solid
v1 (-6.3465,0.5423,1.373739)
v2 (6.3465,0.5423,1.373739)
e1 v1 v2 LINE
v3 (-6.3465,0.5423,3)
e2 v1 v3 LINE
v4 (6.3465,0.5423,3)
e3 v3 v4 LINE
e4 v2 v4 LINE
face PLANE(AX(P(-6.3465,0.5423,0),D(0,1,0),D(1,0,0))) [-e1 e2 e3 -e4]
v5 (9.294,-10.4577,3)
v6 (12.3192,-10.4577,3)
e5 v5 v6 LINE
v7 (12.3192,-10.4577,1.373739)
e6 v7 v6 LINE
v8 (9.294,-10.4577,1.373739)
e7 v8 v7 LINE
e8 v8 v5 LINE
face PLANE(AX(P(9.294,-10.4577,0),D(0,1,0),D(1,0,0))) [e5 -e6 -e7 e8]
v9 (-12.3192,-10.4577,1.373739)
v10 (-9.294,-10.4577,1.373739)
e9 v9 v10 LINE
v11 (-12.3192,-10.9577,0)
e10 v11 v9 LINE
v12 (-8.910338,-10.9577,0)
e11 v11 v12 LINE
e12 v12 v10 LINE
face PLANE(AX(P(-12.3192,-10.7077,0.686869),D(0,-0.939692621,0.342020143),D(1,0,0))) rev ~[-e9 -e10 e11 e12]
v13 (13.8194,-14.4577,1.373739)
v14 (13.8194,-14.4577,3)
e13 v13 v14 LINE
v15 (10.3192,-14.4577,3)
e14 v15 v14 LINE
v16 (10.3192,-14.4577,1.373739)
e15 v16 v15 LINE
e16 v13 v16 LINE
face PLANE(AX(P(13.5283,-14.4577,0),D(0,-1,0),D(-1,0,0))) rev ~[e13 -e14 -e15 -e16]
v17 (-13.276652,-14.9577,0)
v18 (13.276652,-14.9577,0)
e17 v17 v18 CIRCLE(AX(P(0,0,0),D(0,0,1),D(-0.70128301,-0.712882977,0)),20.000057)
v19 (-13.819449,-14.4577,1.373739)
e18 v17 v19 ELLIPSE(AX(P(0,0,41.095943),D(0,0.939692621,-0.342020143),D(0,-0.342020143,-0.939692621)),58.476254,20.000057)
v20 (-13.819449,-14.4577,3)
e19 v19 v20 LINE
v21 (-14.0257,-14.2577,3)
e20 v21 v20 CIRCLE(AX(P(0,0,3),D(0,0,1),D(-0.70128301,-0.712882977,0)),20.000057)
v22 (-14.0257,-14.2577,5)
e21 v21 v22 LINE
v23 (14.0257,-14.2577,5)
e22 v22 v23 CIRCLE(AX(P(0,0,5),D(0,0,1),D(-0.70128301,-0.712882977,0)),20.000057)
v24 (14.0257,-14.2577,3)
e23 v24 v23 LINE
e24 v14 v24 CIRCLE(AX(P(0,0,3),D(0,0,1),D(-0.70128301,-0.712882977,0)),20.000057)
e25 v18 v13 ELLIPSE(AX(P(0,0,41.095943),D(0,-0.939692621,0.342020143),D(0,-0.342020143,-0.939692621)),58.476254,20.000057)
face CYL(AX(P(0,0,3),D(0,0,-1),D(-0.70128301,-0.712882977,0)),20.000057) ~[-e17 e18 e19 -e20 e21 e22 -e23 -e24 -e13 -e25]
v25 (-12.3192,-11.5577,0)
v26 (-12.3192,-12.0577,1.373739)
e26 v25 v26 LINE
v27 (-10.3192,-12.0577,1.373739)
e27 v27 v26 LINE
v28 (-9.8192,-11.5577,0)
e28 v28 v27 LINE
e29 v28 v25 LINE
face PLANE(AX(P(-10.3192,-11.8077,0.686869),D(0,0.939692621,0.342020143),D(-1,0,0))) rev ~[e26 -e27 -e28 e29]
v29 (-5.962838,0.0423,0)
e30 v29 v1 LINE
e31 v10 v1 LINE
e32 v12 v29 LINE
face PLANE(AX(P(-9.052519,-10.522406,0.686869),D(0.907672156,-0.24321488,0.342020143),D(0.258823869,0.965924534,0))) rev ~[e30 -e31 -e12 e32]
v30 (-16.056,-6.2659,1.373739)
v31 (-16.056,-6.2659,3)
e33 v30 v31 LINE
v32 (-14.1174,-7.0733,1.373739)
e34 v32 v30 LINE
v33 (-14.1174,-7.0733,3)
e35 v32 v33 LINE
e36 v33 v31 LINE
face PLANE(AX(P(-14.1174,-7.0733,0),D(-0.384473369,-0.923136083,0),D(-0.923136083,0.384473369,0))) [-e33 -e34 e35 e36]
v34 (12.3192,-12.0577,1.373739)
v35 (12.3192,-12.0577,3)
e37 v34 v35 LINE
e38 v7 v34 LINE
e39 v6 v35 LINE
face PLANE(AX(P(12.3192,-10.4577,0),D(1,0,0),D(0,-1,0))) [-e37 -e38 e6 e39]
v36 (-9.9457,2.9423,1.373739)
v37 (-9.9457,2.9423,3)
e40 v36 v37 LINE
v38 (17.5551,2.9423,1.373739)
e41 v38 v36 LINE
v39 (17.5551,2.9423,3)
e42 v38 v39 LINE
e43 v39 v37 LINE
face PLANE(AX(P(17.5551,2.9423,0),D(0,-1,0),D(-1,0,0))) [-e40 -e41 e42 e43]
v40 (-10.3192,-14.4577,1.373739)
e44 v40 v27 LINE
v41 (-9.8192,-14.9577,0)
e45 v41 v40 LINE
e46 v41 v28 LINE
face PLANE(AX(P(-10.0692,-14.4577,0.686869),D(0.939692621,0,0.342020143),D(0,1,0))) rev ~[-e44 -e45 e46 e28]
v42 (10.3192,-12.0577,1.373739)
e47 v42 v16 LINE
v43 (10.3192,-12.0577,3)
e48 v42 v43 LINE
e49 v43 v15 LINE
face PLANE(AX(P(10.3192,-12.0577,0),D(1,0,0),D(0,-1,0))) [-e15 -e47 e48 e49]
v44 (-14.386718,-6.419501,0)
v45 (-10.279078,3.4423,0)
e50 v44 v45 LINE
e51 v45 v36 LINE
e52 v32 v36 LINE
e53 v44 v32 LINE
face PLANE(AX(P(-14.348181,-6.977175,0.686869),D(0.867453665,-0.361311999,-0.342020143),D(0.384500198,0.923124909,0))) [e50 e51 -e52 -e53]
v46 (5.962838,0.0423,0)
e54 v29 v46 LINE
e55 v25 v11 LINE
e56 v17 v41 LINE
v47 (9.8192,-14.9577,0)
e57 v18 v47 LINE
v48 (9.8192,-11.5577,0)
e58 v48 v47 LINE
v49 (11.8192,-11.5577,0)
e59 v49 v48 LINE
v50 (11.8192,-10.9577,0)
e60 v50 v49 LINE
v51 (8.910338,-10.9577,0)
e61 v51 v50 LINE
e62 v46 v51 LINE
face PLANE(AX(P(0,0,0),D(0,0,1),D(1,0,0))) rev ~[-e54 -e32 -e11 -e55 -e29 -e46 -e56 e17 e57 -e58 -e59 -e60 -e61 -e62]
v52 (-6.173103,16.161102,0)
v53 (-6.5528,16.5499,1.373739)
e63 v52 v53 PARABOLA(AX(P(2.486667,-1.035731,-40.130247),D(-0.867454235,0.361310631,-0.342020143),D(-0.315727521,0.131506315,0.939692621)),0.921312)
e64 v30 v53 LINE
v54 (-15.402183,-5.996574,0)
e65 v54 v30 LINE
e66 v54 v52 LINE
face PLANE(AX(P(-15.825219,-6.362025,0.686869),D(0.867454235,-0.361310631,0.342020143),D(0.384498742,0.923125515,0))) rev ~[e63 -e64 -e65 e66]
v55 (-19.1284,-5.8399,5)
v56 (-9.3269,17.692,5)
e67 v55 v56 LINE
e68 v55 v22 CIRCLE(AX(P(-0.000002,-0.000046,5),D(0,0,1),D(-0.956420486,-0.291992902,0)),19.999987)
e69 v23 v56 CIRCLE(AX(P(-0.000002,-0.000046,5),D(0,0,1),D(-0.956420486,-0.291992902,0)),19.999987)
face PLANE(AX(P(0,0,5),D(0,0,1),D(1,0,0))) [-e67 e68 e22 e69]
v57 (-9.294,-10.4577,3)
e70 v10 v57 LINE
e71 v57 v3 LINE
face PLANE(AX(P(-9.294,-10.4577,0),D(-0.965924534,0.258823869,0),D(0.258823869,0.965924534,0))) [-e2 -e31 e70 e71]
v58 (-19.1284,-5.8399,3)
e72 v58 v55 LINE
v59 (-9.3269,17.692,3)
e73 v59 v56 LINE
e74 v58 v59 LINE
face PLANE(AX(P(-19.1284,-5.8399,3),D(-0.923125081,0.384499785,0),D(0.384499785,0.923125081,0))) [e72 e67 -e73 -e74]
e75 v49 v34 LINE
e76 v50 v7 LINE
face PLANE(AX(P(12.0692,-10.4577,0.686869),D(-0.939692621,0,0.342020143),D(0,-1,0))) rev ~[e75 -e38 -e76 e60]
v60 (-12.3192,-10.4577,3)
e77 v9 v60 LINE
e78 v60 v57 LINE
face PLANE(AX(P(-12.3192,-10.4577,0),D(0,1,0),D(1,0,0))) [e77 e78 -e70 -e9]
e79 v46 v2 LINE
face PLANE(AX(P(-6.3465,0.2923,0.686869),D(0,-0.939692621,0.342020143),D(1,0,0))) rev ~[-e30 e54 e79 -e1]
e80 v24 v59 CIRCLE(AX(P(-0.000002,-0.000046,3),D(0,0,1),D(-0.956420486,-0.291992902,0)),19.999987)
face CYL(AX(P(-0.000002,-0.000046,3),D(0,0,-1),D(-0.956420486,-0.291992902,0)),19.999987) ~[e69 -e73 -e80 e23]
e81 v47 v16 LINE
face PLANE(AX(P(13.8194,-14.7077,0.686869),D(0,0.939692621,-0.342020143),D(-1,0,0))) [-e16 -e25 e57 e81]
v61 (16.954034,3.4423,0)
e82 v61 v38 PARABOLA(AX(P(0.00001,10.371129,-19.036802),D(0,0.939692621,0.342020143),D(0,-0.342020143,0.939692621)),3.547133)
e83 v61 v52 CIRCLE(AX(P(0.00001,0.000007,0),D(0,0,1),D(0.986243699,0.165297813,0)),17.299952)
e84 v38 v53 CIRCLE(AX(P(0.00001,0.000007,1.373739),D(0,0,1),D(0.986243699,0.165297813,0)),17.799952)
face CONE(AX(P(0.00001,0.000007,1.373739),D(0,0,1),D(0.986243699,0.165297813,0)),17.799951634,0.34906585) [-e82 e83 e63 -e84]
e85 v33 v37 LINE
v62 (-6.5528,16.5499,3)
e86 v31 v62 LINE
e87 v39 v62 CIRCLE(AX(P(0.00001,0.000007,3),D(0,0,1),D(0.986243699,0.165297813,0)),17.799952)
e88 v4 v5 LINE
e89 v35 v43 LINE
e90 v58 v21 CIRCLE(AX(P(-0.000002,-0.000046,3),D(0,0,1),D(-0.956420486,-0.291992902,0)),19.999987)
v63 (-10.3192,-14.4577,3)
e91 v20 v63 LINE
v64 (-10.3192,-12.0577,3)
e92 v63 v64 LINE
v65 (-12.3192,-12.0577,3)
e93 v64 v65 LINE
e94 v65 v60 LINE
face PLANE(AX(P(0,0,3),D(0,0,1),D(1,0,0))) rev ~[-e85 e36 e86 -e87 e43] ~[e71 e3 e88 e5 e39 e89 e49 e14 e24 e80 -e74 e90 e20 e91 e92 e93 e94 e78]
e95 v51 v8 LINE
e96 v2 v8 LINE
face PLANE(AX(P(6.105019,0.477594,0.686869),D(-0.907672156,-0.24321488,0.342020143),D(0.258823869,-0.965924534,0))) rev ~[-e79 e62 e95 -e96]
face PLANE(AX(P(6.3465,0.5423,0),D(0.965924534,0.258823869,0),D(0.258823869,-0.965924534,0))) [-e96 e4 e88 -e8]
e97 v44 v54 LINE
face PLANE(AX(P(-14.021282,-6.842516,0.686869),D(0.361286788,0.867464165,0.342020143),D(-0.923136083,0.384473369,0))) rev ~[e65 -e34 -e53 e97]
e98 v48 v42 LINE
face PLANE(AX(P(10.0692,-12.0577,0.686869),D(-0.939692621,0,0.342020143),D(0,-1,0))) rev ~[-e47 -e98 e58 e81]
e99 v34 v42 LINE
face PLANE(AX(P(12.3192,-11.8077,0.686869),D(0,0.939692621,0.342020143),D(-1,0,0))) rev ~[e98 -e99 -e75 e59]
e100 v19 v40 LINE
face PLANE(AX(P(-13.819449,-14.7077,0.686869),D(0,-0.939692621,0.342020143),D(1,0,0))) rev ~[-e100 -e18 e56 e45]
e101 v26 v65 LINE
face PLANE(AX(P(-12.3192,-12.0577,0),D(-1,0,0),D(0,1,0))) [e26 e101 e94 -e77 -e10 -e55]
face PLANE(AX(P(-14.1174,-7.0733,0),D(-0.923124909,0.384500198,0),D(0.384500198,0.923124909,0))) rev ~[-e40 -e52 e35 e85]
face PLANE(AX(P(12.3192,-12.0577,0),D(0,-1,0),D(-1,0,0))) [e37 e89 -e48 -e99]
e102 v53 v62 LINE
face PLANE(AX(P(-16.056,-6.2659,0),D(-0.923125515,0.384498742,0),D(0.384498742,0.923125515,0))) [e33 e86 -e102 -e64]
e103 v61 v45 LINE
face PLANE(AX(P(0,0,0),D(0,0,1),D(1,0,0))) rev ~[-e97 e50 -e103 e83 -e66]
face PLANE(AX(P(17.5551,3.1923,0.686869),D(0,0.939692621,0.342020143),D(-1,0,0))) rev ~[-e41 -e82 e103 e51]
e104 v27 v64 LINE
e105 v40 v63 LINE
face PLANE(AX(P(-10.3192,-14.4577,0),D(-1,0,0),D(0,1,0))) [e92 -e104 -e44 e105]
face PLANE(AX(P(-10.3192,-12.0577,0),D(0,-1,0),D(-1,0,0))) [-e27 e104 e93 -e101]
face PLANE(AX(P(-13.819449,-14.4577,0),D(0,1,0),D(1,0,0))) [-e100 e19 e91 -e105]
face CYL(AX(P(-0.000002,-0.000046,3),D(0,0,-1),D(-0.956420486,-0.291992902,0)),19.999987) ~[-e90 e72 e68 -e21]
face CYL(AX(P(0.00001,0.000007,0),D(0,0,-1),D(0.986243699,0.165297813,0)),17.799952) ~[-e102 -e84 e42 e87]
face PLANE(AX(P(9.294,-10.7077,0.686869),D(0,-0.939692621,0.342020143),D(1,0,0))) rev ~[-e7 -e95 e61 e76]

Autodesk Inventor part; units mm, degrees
ref_plane "YZ Plane" through (0, 0, 0) normal (1, 0, 0) x (0, 1, 0)
ref_plane "XZ Plane" through (0, 0, 0) normal (0, 1, 0) x (-1, 0, 0)
ref_plane "XY Plane" through (0, 0, 0) normal (0, 0, 1) x (1, 0, 0)
sketch "Эскиз1" plane through (0, 0, 0) normal (0, 0, 1) x (1, 0, 0)
  line L0 (-14.0097, -7.3348) -> (-16.3175, -6.3736)
  line L1 (-16.3175, -6.3736) -> (-14.0097, -7.3348)
  line L2 (17.7899, 2.7423) -> (-9.8124, 2.7423)
  line L3 (-14.0097, -7.3348) -> (-9.8124, 2.7423)
  line L4 (-9.8124, 2.7423) -> (17.7899, 2.7423)
  line L5 (-16.3175, -6.3736) -> (-6.7051, 16.7046)
  line L6 (-16.3175, -6.3736) -> (-6.7051, 16.7046)
  line L7 (-14.0257, -14.2577) -> (-10.5192, -14.2577)
  line L8 (-14.0257, -14.2577) -> (-10.5192, -14.2577)
  line L9 (-10.5192, -14.2577) -> (-10.5192, -12.2577)
  line L10 (-10.5192, -14.2577) -> (-10.5192, -12.2577)
  line L11 (-10.5192, -12.2577) -> (-12.5192, -12.2577)
  line L12 (-10.5192, -12.2577) -> (-12.5192, -12.2577)
  line L13 (-12.5192, -12.2577) -> (-12.5192, -10.2577)
  line L14 (-12.5192, -12.2577) -> (-12.5192, -10.2577)
  line L15 (-12.5192, -10.2577) -> (-9.4474, -10.2577)
  line L16 (-12.5192, -10.2577) -> (-9.4474, -10.2577)
  line L17 (-9.4474, -10.2577) -> (-6.5, 0.7423)
  line L18 (-9.4474, -10.2577) -> (-6.5, 0.7423)
  line L19 (-6.5, 0.7423) -> (6.5, 0.7423)
  line L20 (-6.5, 0.7423) -> (6.5, 0.7423)
  line L21 (9.4474, -10.2577) -> (12.5192, -10.2577)
  line L22 (6.5, 0.7423) -> (9.4474, -10.2577)
  line L23 (9.4474, -10.2577) -> (12.5192, -10.2577)
  line L24 (12.5192, -10.2577) -> (12.5192, -12.2577)
  line L25 (12.5192, -10.2577) -> (12.5192, -12.2577)
  line L26 (10.5192, -12.2577) -> (10.5192, -14.2577)
  line L27 (12.5192, -12.2577) -> (10.5192, -12.2577)
  line L28 (10.5192, -12.2577) -> (10.5192, -14.2577)
  line L29 (10.5192, -14.2577) -> (14.0257, -14.2577)
  arc A0 (17.7899, 2.7423) -> (-6.7051, 16.7046) centre (0, 0) ccw
  arc A1 (17.7899, 2.7423) -> (-6.7051, 16.7046) centre (0, 0) ccw
  arc A2 (17.5551, 2.9423) -> (-6.5528, 16.5499) centre (0, 0) ccw
  line L30 (17.5551, 2.9423) -> (-9.9457, 2.9423)
  line L31 (-14.1174, -7.0733) -> (-9.9457, 2.9423)
  line L32 (-16.056, -6.2659) -> (-6.5528, 16.5499)
  line L33 (-14.1174, -7.0733) -> (-16.056, -6.2659)
  arc A3 (-14.0257, -14.2577) -> (14.0257, -14.2577) centre (0, 0) ccw
  line L34 (13.5283, -14.4577) -> (10.3192, -14.4577)
  line L35 (10.3192, -12.0577) -> (10.3192, -14.4577)
  line L36 (12.3192, -12.0577) -> (10.3192, -12.0577)
  line L37 (12.3192, -10.4577) -> (12.3192, -12.0577)
  line L38 (9.294, -10.4577) -> (12.3192, -10.4577)
  line L39 (6.3465, 0.5423) -> (9.294, -10.4577)
  line L40 (-6.3465, 0.5423) -> (6.3465, 0.5423)
  line L41 (-9.294, -10.4577) -> (-6.3465, 0.5423)
  line L42 (-12.3192, -10.4577) -> (-9.294, -10.4577)
  line L43 (-12.3192, -12.0577) -> (-12.3192, -10.4577)
  line L44 (-10.3192, -12.0577) -> (-12.3192, -12.0577)
  line L45 (-10.3192, -14.4577) -> (-10.3192, -12.0577)
  line L46 (-14.0257, -14.4577) -> (-10.3192, -14.4577)
  line L47 (10.3192, -14.4577) -> (13.8194, -14.4577)
  point P0 (-13.8194, -14.4577)
  dimension "d9" = 0.2
  dimension "d10" = 0.2
  dimension "d11" = 0.2
  dimension "d12" = 0.2
  dimension "d13" = 0.2
  dimension "d15" = 0.2
  dimension "d16" = 0.2
  dimension "d17" = 0.2
  dimension "d18" = 0.2
  dimension "d19" = 0.2
  dimension "d20" = 0.2
  dimension "d21" = 0.2
  dimension "d22" = 0.2
  dimension "d23" = 0.2
  dimension "d24" = 0.2
  dimension "d25" = 0.2
  dimension "d26" = 0.2
  dimension "d27" = 3.5064
  dimension "d28" = 2
  dimension "d29" = 2
  dimension "d30" = 2
  dimension "d31" = 3.0718
  dimension "d32" = 11
  dimension "d33" = 13
  dimension "d34" = 11
  dimension "d35" = 3.0718
  dimension "d36" = 2
  dimension "d37" = 2
  dimension "d38" = 2
  dimension "d39" = 3.5064
  dimension "d40" = 20
  dimension "d41" = 2
  dimension "d42" = 0.2
extrude "Выдавливание1" add sketch "Эскиз1" along normal blind 3 contours L46 L45 L44 L43 L42 L41 L40 L39 L38 L37 L36 L35 L34 L47 A3 | L30 L31 L33 L32 A2
sketch "Эскиз3" plane through (0, 0, 3) normal (0, 0, 1) x (1, 0, 0)
  arc A0 (-19.1284, -5.8399) -> (-9.3269, 17.692) centre (0, 0) ccw
  arc A1 (-14.0257, -14.2577) -> (14.0257, -14.2577) centre (0, 0) ccw projected
  line L0 (-19.1284, -5.8399) -> (-9.3269, 17.692)
  line L1 (-6.5528, 16.5499) -> (-16.056, -6.2659) projected
  dimension "d43" = 3
extrude "Выдавливание3" add sketch "Эскиз3" along normal blind 2
chamfer "Фаска2" distance 0.5 angle 70 5 edges at (3.8047, 2.9423, 0) (8.7496, 15.5011, 0) (-11.3044, 5.142, 0) (-15.0867, -6.6696, 0) (-12.0316, -2.0655, 0) measured on face at (8.027, 4.2106, 0)
chamfer "Фаска3" distance 0.5 angle 70 12 edges at (7.8203, -4.9577, 0) (10.8066, -10.4577, 0) (12.3192, -11.2577, 0) (11.3192, -12.0577, 0) (10.3192, -13.2577, 0) (11.9238, -14.4577, 0) (-12.0693, -14.4577, 0) (-10.3192, -13.2577, 0) (-11.3192, -12.0577, 0) (-10.8066, -10.4577, 0) (-7.8203, -4.9577, 0) (0, 0.5423, 0) measured on face at (-1.9545, -6.8341, 0) measured on face at (1.7704, -6.791, 0) measured on face at (2.1155, -6.791, 0)
properties part number "cap2"
